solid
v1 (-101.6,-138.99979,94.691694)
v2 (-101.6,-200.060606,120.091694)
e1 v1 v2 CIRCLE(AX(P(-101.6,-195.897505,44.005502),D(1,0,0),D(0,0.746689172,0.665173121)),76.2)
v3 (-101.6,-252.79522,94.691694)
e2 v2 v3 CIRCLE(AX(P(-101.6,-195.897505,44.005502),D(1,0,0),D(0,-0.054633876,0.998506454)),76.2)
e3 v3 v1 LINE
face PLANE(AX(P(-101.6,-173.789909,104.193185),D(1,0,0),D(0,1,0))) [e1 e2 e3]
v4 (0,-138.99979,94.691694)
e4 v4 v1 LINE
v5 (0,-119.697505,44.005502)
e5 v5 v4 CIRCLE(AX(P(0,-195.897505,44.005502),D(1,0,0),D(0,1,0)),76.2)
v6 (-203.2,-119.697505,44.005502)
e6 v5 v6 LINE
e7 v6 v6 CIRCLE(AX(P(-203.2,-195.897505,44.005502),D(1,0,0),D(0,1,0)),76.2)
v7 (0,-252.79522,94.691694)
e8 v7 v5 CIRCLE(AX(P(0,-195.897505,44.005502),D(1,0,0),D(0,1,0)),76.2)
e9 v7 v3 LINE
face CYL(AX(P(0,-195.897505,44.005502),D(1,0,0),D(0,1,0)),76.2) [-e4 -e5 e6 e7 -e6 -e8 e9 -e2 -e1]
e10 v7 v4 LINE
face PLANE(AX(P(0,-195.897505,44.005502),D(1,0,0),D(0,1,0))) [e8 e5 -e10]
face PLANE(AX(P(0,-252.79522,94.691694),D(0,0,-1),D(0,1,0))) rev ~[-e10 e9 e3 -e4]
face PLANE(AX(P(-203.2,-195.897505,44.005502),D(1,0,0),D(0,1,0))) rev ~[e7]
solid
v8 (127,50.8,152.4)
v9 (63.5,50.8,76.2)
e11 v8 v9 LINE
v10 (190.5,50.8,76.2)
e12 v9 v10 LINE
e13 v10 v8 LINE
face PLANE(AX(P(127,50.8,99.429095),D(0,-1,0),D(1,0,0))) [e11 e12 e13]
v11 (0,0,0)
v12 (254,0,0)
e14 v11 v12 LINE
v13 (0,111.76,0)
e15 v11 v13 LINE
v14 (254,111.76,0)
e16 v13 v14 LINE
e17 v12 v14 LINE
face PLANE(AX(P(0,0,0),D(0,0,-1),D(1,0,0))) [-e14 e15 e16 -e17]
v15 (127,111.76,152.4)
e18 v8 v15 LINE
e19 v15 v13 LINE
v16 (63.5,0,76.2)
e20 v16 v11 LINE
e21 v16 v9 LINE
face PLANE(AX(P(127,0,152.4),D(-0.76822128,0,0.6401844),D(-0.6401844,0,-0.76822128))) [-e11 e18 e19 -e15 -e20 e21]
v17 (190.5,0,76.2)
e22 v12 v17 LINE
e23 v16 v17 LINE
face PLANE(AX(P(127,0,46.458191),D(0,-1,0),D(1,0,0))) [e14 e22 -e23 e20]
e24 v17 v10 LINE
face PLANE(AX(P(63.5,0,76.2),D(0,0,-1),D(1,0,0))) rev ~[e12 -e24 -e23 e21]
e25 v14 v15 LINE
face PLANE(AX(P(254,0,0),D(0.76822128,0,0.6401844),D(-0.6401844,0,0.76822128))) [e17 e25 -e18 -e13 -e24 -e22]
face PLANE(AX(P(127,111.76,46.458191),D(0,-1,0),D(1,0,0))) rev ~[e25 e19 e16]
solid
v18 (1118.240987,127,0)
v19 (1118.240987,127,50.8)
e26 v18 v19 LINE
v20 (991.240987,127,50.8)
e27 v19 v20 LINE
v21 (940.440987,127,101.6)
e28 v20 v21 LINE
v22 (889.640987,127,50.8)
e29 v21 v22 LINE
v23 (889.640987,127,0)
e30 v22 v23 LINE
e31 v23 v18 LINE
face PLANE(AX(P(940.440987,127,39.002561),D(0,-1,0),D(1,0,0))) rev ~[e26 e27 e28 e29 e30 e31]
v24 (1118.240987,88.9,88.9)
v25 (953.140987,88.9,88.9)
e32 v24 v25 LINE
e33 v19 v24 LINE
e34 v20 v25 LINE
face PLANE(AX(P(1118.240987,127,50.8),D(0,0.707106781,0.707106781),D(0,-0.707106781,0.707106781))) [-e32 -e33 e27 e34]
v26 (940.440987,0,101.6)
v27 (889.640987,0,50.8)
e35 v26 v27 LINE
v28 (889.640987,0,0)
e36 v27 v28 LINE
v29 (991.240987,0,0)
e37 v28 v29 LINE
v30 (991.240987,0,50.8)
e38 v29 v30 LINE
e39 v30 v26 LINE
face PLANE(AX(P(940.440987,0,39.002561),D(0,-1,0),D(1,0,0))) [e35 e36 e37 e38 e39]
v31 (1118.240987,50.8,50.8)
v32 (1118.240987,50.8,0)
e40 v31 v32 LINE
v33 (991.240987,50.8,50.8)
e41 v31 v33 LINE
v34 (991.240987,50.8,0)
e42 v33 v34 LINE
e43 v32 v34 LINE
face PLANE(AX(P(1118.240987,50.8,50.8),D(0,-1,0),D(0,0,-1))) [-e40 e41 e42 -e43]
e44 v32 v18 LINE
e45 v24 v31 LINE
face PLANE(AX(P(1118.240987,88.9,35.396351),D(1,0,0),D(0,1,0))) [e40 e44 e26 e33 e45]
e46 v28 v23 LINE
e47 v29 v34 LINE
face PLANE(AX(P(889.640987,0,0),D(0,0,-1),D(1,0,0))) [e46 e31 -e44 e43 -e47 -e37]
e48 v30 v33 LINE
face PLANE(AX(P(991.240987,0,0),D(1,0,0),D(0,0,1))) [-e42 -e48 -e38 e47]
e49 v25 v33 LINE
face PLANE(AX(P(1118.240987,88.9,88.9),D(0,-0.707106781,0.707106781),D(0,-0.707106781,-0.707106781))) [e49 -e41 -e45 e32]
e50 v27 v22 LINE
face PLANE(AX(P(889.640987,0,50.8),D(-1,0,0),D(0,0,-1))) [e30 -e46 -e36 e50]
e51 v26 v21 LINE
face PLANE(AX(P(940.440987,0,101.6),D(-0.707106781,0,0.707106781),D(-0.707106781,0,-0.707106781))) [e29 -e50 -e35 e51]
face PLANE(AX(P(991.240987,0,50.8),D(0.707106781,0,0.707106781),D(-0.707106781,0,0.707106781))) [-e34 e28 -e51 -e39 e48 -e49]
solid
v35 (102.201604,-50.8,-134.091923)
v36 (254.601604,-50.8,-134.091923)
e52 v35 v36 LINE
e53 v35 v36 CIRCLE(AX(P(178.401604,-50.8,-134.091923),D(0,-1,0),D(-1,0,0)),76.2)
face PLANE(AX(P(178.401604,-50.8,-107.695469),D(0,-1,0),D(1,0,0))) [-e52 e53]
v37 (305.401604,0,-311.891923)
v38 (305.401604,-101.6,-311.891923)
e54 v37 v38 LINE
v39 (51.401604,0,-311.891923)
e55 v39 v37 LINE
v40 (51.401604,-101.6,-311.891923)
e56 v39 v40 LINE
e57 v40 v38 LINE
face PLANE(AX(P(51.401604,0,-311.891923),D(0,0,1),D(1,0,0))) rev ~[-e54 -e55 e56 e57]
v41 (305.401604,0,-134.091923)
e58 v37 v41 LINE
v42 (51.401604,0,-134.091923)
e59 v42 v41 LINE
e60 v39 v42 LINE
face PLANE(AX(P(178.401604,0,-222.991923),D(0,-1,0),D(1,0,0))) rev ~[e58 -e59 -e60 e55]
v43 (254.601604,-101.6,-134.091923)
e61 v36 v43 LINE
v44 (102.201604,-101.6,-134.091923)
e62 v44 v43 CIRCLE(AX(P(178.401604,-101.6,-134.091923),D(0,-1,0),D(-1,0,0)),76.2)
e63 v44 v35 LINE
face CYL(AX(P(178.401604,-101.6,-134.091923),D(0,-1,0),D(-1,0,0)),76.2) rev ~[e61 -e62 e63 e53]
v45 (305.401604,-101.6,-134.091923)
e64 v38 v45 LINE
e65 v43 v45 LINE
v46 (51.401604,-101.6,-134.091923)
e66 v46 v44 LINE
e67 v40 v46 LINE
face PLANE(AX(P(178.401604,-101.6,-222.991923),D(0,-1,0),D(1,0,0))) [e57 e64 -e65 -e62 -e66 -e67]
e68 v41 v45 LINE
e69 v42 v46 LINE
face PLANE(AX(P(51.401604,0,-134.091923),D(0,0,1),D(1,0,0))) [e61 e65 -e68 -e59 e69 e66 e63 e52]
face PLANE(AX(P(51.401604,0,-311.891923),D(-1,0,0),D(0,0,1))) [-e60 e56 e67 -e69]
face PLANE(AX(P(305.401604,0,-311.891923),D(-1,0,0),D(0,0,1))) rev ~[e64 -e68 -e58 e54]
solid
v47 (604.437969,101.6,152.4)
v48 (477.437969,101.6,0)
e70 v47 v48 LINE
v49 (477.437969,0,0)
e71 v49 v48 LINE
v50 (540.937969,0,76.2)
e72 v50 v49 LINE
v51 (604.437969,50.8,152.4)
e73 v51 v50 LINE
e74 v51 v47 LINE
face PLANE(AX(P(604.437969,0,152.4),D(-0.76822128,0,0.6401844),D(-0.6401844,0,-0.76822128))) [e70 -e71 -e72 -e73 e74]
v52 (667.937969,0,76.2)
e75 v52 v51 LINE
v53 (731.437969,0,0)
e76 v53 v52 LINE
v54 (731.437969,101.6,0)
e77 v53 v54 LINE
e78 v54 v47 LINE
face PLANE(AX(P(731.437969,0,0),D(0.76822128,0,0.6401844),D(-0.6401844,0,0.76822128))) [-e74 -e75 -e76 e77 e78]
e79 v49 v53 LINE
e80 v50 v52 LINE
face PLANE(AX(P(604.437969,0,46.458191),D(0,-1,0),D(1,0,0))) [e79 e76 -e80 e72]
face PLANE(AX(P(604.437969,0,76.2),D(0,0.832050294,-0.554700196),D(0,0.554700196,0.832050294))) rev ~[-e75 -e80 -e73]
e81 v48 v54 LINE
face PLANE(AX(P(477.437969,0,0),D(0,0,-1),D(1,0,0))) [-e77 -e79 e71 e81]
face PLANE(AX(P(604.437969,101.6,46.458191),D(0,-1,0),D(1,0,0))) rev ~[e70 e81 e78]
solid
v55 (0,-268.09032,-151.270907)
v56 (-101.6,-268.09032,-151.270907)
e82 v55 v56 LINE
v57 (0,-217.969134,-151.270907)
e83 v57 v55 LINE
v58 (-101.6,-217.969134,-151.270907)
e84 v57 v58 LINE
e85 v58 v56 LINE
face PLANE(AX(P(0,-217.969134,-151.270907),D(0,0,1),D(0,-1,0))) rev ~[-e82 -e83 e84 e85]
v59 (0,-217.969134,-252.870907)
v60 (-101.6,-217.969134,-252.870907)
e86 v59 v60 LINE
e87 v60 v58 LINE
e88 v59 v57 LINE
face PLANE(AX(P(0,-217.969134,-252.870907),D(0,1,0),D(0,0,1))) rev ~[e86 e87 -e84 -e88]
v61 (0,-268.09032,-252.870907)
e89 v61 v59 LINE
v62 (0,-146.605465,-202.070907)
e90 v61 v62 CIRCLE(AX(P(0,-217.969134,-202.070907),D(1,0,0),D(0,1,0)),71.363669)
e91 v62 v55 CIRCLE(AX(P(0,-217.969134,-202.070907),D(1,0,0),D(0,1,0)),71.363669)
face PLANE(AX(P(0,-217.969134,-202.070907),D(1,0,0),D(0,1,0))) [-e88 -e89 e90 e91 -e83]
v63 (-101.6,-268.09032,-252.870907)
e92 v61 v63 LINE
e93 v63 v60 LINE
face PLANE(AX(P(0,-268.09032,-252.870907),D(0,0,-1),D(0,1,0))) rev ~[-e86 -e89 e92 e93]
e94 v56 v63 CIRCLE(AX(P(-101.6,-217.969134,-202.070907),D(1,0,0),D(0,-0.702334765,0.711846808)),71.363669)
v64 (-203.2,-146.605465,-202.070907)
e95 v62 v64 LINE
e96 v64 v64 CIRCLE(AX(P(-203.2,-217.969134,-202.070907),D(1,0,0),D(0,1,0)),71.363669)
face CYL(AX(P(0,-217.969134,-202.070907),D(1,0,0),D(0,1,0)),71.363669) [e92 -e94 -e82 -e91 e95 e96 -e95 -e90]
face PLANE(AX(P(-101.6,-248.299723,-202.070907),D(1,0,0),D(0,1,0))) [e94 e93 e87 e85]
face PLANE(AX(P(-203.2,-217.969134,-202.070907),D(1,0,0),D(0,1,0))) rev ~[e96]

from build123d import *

# Parameters (mm, degrees)
F1_DEPTH  = 111.76
F3_DEPTH  = 50.8
F5_DEPTH  = 101.6
F9_DEPTH  = 76.2
F11_DEPTH = 127
F15_R     = 76.2
F16_DEPTH = 203.2
F18_DEPTH = 101.6
F19_R     = 71.3636690174
F20_DEPTH = 203.2
F22_DEPTH = 101.6
F23_W     = 254
F23_H     = 177.8
F24_DEPTH = 101.6
F26_DEPTH = 50.8


with BuildPart() as f1:
    # F0 (on Front) → F1 (new body)
    with BuildSketch(Plane.XZ):
        Polygon((127, 152.4), (0, 0), (254, 0), align=None)
    extrude(amount=-F1_DEPTH)

    # F2 (on face) → F3 (cut)
    with BuildSketch(Plane.XZ):
        Polygon((127, 152.4), (63.5, 76.2), (190.5, 76.2), align=None)
    extrude(amount=-F3_DEPTH, mode=Mode.SUBTRACT)


with BuildPart() as f5:
    # F4 (on Front) → F5 (new body)
    with BuildSketch(Plane.XZ):
        Polygon((604.4379685921, 152.4), (477.4379685921, 0), (731.4379685921, 0), align=None)
    extrude(amount=-F5_DEPTH)

    # F8 (on 3pt) → F9 (cut, symmetric)
    with BuildSketch(Plane.YZ.offset(604.4379685921)):
        Polygon((0, 152.4), (0, 76.2), (50.8, 152.4), align=None)
    extrude(amount=F9_DEPTH, both=True, mode=Mode.SUBTRACT)


with BuildPart() as f11:
    # F10 (on Front) → F11 (new body)
    with BuildSketch(Plane.XZ):
        Polygon((889.6409869194, 50.8), (889.6409869194, 0), (991.2409869194, 0), (991.2409869194, 50.8), (940.4409869194, 101.6), align=None)
    extrude(amount=-F11_DEPTH)

    # F13 (on offset) → F14 (join, up to the next surface of F11)
    with BuildSketch(Plane.YZ.offset(1118.2409869194)):
        Polygon((50.8, 50.8), (50.8, 0), (127, 0), (127, 50.8), (88.9, 88.9), align=None)
    extrude(until=Until.NEXT, dir=(-1, 0, 0))


with BuildPart() as f16:
    # F15 (on Right) → F16 (new body)
    with BuildSketch(Plane.YZ):
        with Locations((-195.8975046873, 44.0055020154)):
            Circle(F15_R)
    extrude(amount=-F16_DEPTH)

    # F17 (on face) → F18 (cut)
    with BuildSketch(Plane.YZ):
        with BuildLine():
            Line((-200.0606060028, 120.091693847), (-200.0606060028, 94.691693847))
            Line((-200.0606060028, 94.691693847), (-138.9997898157, 94.691693847))
            ThreePointArc((-138.9997898157, 94.691693847), (-166.6310585975, 114.3611352885), (-200.0606060028, 120.091693847))
        make_face()
        with BuildLine():
            ThreePointArc((-200.0606060028, 120.091693847), (-228.964040919, 112.657116575), (-252.7952195589, 94.691693847))
            Line((-252.7952195589, 94.691693847), (-200.0606060028, 94.691693847))
            Line((-200.0606060028, 94.691693847), (-200.0606060028, 120.091693847))
        make_face()
    extrude(amount=-F18_DEPTH, mode=Mode.SUBTRACT)


with BuildPart() as f20:
    # F19 (on Right) → F20 (new body)
    with BuildSketch(Plane.YZ):
        with Locations((-217.96913445, -202.0709067583)):
            Circle(F19_R)
    extrude(amount=-F20_DEPTH)

    # F21 (on face) → F22 (cut)
    with BuildSketch(Plane.YZ):
        with BuildLine():
            Line((-217.96913445, -252.8709067583), (-217.96913445, -202.0709067583))
            Line((-217.96913445, -202.0709067583), (-217.96913445, -151.2709067583))
            Line((-217.96913445, -151.2709067583), (-268.0903201465, -151.2709067583))
            ThreePointArc((-268.0903201465, -151.2709067583), (-289.3328034673, -202.0709067583), (-268.0903201465, -252.8709067583))
            Line((-268.0903201465, -252.8709067583), (-217.96913445, -252.8709067583))
        make_face()
    extrude(amount=-F22_DEPTH, mode=Mode.SUBTRACT)


with BuildPart() as f24:
    # F23 (on Front) → F24 (new body)
    with BuildSketch(Plane.XZ):
        with Locations((178.4016042948, -222.9919228326)):
            Rectangle(F23_W, F23_H)
    extrude(amount=F24_DEPTH)

    # F25 (on face) → F26 (cut)
    with BuildSketch(Plane.XZ.offset(101.6)):
        with BuildLine():
            Line((102.2016042948, -134.0919228326), (254.6016042948, -134.0919228326))
            ThreePointArc((254.6016042948, -134.0919228326), (178.4016042948, -57.8919228326), (102.2016042948, -134.0919228326))
        make_face()
        with BuildLine():
            ThreePointArc((102.2016042948, -134.0919228326), (178.4016042948, -210.2919228326), (254.6016042948, -134.0919228326))
            Line((254.6016042948, -134.0919228326), (102.2016042948, -134.0919228326))
        make_face()
    extrude(amount=-F26_DEPTH, mode=Mode.SUBTRACT)


solid = Compound([f1.part, f5.part, f11.part, f16.part, f20.part, f24.part])
